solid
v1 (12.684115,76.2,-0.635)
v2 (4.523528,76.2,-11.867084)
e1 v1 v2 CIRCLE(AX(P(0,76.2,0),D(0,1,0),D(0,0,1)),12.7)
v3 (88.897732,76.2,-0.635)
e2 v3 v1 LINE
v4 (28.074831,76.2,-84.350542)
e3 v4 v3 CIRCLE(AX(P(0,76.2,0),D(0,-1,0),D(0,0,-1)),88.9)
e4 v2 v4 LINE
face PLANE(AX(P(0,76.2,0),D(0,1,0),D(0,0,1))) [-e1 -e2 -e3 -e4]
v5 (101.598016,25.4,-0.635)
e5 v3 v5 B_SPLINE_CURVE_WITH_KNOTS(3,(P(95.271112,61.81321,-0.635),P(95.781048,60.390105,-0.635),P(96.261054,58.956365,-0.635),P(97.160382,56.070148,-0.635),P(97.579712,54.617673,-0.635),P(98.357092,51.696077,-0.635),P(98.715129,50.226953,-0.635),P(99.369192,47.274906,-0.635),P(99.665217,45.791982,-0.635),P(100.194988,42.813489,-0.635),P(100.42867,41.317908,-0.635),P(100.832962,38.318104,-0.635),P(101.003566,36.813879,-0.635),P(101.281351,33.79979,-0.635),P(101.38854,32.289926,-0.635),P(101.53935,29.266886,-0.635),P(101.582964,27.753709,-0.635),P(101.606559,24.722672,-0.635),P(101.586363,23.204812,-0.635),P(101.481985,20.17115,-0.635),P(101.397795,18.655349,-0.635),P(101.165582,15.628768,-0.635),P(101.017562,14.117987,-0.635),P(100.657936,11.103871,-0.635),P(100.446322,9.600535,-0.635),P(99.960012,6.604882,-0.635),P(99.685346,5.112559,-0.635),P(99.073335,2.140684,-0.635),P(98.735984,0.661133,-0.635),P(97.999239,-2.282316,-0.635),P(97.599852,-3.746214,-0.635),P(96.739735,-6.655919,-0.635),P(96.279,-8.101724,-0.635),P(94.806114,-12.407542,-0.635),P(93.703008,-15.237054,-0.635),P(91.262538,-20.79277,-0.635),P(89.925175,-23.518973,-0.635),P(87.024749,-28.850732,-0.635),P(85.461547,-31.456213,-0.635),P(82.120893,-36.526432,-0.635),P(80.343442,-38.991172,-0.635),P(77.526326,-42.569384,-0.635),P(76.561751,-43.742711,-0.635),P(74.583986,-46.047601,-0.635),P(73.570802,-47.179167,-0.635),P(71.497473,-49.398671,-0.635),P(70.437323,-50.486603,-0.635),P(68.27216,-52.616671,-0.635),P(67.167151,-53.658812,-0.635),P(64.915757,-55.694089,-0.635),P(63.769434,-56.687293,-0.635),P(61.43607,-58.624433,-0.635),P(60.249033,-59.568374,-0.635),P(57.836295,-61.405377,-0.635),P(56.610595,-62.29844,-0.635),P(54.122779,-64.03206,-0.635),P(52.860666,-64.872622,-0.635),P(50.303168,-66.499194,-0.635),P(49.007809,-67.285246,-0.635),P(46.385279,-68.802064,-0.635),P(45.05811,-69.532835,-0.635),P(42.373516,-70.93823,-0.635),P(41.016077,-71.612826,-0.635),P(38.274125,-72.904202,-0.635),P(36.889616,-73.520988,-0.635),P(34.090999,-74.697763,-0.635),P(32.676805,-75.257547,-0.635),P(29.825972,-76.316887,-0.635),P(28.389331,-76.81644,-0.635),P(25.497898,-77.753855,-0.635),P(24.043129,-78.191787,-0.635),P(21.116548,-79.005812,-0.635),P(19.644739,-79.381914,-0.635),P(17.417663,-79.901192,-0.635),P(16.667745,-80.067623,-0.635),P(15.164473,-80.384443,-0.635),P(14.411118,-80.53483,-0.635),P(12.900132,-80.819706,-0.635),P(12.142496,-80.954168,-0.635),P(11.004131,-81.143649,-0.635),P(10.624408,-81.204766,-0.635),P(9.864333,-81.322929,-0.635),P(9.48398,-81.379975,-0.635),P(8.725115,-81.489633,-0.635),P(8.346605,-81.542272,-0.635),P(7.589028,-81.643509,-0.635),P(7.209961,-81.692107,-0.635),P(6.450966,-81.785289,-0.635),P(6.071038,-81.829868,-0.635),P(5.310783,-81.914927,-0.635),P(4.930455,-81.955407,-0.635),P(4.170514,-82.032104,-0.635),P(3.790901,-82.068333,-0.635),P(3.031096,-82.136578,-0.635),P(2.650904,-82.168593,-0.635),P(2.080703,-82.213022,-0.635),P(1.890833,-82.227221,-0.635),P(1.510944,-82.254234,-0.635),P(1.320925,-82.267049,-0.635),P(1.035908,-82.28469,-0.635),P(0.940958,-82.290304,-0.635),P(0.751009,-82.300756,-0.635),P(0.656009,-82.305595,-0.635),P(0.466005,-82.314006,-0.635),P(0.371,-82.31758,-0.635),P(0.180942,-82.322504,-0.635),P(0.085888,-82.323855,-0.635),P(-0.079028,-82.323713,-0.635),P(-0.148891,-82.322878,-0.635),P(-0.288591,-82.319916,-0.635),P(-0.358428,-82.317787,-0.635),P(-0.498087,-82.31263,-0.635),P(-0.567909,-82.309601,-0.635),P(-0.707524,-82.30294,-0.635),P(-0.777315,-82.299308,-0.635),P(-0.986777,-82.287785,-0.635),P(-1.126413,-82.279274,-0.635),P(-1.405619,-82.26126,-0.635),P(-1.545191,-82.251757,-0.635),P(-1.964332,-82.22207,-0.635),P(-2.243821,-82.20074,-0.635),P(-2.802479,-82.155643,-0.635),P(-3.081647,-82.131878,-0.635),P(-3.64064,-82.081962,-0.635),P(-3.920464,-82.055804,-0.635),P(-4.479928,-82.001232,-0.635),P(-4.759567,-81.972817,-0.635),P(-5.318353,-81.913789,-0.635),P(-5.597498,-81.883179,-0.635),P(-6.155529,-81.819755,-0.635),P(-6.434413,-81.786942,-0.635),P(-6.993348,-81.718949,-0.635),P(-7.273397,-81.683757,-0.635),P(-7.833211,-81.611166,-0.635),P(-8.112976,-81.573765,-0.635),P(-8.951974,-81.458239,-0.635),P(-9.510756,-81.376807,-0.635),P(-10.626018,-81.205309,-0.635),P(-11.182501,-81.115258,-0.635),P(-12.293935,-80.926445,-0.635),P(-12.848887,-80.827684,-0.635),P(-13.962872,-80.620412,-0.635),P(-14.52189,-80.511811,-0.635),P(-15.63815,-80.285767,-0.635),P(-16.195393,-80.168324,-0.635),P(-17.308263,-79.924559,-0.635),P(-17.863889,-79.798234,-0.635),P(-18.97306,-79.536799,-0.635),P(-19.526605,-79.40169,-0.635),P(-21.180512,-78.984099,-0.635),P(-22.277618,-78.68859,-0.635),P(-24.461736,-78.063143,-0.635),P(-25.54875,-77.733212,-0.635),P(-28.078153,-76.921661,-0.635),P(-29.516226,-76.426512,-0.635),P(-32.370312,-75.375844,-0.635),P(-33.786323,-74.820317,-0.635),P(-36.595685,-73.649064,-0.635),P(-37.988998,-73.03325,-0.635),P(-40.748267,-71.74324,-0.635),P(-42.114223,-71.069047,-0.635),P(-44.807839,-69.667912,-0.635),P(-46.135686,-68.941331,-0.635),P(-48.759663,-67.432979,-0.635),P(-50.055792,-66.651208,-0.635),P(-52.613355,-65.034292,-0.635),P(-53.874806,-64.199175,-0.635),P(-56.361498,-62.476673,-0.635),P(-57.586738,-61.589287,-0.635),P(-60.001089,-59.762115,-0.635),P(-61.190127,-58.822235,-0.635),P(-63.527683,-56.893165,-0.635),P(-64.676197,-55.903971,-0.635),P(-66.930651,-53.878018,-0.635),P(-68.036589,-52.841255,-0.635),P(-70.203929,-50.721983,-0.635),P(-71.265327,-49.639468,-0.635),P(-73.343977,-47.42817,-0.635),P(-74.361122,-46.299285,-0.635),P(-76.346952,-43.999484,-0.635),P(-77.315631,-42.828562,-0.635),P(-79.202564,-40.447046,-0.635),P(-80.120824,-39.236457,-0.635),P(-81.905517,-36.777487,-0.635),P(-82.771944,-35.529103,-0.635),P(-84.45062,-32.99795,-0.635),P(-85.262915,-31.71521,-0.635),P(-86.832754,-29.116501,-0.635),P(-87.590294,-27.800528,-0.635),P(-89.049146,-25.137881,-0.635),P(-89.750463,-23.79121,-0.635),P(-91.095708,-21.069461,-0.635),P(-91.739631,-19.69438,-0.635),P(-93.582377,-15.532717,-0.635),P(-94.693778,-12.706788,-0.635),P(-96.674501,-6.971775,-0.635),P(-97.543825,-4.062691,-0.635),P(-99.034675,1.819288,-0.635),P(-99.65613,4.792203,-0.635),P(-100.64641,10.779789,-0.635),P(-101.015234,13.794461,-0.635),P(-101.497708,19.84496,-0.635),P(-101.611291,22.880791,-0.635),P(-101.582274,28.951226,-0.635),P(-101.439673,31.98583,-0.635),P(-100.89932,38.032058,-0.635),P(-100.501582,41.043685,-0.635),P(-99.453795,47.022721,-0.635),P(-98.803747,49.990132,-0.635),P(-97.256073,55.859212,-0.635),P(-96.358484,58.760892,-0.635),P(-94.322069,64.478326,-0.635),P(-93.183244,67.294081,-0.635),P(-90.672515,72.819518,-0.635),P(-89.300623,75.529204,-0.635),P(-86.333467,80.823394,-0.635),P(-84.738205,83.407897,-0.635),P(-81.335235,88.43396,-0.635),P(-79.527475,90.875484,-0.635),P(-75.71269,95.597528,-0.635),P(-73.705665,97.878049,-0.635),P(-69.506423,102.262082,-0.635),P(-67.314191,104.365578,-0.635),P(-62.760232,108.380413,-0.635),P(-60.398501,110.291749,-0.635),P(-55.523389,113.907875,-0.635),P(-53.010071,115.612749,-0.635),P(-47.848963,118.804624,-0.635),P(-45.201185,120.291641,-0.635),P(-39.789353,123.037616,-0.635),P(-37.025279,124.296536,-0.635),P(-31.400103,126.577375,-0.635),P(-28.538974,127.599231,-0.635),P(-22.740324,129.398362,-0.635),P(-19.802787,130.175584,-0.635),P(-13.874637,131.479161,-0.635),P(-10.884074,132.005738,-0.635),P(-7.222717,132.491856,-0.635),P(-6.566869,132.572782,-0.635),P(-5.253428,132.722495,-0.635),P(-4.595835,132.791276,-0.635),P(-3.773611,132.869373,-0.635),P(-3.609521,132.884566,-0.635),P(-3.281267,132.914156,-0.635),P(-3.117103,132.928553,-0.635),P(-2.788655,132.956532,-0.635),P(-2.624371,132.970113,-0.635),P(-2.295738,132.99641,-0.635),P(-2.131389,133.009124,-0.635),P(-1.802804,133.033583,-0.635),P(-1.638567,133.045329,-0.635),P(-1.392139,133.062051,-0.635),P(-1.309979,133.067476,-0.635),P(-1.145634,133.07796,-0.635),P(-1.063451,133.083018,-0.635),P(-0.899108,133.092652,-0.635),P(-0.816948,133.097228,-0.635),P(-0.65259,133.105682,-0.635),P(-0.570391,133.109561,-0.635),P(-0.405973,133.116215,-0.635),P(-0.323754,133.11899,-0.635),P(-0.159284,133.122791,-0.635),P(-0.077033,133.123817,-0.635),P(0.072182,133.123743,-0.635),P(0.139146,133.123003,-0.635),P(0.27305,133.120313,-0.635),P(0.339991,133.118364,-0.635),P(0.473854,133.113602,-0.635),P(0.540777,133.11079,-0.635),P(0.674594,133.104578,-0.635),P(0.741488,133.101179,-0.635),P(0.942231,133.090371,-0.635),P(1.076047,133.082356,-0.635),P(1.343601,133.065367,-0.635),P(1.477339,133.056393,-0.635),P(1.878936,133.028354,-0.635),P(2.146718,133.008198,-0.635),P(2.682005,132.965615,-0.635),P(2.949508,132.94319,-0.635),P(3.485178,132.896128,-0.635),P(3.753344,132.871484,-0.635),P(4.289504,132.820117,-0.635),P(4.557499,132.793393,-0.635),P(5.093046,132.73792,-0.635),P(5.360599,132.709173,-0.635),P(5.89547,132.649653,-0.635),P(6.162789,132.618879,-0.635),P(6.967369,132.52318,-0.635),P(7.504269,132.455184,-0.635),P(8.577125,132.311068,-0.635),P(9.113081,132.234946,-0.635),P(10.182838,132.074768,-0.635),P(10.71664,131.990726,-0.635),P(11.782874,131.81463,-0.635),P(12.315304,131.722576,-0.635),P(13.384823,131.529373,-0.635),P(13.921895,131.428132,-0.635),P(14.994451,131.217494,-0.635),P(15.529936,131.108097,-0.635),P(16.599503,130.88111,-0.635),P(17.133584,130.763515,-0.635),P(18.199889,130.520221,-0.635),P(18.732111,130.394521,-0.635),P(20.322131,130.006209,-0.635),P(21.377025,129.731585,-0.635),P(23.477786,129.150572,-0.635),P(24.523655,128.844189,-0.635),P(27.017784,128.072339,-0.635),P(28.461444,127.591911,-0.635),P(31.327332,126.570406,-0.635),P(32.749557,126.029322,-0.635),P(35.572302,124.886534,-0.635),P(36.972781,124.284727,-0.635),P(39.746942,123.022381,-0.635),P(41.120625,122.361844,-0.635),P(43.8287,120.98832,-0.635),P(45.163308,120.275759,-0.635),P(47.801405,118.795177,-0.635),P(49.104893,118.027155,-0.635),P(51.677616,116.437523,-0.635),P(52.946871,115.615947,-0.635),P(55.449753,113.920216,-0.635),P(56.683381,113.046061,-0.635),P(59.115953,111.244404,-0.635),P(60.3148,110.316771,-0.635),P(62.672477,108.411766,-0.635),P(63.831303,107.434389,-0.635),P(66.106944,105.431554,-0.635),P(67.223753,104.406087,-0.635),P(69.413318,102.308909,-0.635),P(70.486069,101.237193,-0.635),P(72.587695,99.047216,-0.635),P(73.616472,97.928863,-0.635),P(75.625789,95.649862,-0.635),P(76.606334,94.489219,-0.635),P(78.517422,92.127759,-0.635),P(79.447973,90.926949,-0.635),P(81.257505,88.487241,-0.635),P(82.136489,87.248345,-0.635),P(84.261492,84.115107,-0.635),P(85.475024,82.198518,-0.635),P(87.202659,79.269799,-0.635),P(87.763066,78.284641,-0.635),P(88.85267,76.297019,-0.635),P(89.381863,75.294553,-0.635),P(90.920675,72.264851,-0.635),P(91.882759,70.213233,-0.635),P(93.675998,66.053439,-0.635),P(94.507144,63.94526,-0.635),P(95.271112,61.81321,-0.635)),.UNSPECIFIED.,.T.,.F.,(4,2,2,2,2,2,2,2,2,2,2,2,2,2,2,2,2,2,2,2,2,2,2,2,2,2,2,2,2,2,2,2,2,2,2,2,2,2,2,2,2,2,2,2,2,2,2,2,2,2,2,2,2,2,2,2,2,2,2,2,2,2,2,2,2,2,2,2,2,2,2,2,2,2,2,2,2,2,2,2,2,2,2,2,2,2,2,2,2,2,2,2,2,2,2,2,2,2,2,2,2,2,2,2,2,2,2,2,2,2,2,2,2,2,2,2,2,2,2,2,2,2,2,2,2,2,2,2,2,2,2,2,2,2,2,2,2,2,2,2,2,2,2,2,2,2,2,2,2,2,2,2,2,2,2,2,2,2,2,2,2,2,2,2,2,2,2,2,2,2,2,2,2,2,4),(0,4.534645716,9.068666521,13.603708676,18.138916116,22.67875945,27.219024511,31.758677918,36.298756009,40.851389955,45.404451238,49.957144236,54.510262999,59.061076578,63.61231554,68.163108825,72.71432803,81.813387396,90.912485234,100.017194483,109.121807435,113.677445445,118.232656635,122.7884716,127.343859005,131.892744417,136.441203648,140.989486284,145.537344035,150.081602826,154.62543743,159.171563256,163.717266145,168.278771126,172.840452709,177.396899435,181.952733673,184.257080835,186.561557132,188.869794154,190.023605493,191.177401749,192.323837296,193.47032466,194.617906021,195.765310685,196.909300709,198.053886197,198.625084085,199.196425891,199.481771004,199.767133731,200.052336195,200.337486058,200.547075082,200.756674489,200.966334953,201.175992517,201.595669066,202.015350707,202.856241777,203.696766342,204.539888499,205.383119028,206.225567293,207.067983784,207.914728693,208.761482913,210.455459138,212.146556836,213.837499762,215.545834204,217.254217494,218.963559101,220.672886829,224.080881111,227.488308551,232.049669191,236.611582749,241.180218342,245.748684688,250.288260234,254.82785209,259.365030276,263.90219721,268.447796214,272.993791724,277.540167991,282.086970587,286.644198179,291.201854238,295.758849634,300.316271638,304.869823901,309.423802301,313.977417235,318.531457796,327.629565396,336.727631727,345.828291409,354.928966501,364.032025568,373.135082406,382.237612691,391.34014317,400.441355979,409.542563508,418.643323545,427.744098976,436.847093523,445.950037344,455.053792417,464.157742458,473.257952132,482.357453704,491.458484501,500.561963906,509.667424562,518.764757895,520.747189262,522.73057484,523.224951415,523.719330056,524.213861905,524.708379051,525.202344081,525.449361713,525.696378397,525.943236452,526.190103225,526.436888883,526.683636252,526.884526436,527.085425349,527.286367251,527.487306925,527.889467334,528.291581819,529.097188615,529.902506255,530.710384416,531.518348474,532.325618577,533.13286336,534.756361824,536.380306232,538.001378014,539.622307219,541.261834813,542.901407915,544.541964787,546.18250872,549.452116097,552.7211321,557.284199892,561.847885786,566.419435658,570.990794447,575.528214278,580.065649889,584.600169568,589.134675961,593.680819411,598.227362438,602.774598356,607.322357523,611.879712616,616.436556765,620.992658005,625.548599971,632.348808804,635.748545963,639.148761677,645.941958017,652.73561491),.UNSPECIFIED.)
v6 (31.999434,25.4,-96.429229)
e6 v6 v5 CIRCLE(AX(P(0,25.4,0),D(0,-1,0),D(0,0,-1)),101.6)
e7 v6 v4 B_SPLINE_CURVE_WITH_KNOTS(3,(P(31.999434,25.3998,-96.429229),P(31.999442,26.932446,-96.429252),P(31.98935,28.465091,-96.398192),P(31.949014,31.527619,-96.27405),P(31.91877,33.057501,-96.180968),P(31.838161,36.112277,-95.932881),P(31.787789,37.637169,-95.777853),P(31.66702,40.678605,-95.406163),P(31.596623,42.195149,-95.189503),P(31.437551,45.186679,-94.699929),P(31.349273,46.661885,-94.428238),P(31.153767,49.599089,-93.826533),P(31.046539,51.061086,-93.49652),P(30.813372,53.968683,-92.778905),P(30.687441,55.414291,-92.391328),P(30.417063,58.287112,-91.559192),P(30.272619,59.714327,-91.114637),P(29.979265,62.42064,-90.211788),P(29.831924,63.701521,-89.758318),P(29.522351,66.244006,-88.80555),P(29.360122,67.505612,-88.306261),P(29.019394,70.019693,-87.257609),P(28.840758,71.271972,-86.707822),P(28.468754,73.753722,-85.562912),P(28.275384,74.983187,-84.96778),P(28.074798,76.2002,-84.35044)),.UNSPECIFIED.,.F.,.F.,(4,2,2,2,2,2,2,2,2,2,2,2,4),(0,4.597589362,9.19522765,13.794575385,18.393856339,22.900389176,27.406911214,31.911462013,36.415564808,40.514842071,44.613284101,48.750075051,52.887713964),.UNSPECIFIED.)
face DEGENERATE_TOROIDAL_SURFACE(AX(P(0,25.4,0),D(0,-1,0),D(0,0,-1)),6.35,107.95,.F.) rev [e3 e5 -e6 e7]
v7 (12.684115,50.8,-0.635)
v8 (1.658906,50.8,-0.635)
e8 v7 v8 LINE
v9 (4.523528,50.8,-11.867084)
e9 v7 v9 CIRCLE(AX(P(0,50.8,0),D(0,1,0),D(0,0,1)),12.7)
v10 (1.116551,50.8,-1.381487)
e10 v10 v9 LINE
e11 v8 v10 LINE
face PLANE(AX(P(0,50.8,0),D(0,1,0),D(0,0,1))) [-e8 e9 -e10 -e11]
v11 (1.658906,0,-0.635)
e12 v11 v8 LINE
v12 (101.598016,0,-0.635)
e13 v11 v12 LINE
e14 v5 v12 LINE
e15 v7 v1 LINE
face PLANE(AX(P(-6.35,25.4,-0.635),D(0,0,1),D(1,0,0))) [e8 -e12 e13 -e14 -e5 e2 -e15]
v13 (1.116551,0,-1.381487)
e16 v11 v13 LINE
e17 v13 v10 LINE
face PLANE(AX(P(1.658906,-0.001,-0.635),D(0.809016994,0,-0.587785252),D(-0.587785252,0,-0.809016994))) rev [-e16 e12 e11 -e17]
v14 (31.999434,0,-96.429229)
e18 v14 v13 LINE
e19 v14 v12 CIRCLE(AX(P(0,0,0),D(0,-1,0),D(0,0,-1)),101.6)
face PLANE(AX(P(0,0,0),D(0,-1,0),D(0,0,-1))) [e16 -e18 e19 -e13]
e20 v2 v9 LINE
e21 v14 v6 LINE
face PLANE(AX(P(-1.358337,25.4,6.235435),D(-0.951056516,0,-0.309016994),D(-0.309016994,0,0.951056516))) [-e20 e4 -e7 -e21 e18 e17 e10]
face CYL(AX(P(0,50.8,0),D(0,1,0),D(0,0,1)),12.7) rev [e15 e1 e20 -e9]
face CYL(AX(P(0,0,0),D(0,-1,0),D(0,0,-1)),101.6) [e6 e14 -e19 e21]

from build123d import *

# Parameters (mm, degrees)
REVOLVE1_ANGLE     = 72
CUT_EXTRUDE2_DEPTH = 0.635
CUT_EXTRUDE3_DEPTH = 0.635
SKETCH2_R          = 12.7
CUT_EXTRUDE1_DEPTH = 25.4
CUT_EXTRUDE4_REACH = 151.001


with BuildPart() as part:
    # Sketch1 → Revolve1 (revolve)
    with BuildSketch(Plane.XY):
        with BuildLine():
            Line((0, 0), (0, 76.2))
            Line((0, 76.2), (88.9, 76.2))
            ThreePointArc((88.9, 76.2), (98.376882891, 51.581720723), (101.6, 25.4))
            Line((101.6, 25.4), (101.6, 0))
            Line((101.6, 0), (0, 0))
        make_face()
    revolve(axis=Axis((0, 0, 0), (0, 1, 0)), revolution_arc=REVOLVE1_ANGLE)

    # Sketch3 → Cut-Extrude2 (cut)
    with BuildSketch(Plane(origin=(0, 0, 0), x_dir=(-0.3090169943749449, 0, 0.9510565162951544), z_dir=(-0.9510565162951544, 0, -0.3090169943749449))):
        with BuildLine():
            Line((0, 76.2), (-88.9, 76.2))
            ThreePointArc((-88.9, 76.2), (-98.376882891, 51.581720723), (-101.6, 25.4))
            Line((-101.6, 25.4), (-101.6, 0))
            Line((-101.6, 0), (0, 0))
            Line((0, 0), (0, 76.2))
        make_face()
    extrude(amount=-CUT_EXTRUDE2_DEPTH, mode=Mode.SUBTRACT)

    # Sketch4 → Cut-Extrude3 (cut)
    with BuildSketch(Plane.XY):
        with BuildLine():
            Line((0.667678512, 76.2), (0.667678512, 0))
            Line((0.667678512, 0), (101.6, 0))
            Line((101.6, 0), (101.6, 25.4))
            ThreePointArc((101.6, 25.4), (98.376882891, 51.581720723), (88.9, 76.2))
            Line((88.9, 76.2), (0.667678512, 76.2))
        make_face()
    extrude(amount=-CUT_EXTRUDE3_DEPTH, mode=Mode.SUBTRACT)

    # Sketch2 → Cut-Extrude1 (cut)
    with BuildSketch(Plane(origin=(0, 76.2, 0), x_dir=(1, 0, 0), z_dir=(0, 1, 0))):
        Circle(SKETCH2_R)
    extrude(amount=-CUT_EXTRUDE1_DEPTH, mode=Mode.SUBTRACT)

    # Sketch5 → Cut-Extrude4 (cut, up to next)
    with BuildSketch(Plane(origin=(0, 50.8, 0), x_dir=(1, 0, 0), z_dir=(0, 1, 0)), mode=Mode.PRIVATE) as cut_extrude4_sk1:
        Polygon((1.658905685, 0.635), (1.116550937, 1.38148727), (0.874002519, 0.635), align=None)
    cut_extrude4_tool1 = extrude(cut_extrude4_sk1.sketch, amount=-CUT_EXTRUDE4_REACH, mode=Mode.PRIVATE) & part.part
    add(cut_extrude4_tool1.solids().sort_by_distance((1.216486, 50.8, -0.883829))[0], mode=Mode.SUBTRACT)


solid = part.part
